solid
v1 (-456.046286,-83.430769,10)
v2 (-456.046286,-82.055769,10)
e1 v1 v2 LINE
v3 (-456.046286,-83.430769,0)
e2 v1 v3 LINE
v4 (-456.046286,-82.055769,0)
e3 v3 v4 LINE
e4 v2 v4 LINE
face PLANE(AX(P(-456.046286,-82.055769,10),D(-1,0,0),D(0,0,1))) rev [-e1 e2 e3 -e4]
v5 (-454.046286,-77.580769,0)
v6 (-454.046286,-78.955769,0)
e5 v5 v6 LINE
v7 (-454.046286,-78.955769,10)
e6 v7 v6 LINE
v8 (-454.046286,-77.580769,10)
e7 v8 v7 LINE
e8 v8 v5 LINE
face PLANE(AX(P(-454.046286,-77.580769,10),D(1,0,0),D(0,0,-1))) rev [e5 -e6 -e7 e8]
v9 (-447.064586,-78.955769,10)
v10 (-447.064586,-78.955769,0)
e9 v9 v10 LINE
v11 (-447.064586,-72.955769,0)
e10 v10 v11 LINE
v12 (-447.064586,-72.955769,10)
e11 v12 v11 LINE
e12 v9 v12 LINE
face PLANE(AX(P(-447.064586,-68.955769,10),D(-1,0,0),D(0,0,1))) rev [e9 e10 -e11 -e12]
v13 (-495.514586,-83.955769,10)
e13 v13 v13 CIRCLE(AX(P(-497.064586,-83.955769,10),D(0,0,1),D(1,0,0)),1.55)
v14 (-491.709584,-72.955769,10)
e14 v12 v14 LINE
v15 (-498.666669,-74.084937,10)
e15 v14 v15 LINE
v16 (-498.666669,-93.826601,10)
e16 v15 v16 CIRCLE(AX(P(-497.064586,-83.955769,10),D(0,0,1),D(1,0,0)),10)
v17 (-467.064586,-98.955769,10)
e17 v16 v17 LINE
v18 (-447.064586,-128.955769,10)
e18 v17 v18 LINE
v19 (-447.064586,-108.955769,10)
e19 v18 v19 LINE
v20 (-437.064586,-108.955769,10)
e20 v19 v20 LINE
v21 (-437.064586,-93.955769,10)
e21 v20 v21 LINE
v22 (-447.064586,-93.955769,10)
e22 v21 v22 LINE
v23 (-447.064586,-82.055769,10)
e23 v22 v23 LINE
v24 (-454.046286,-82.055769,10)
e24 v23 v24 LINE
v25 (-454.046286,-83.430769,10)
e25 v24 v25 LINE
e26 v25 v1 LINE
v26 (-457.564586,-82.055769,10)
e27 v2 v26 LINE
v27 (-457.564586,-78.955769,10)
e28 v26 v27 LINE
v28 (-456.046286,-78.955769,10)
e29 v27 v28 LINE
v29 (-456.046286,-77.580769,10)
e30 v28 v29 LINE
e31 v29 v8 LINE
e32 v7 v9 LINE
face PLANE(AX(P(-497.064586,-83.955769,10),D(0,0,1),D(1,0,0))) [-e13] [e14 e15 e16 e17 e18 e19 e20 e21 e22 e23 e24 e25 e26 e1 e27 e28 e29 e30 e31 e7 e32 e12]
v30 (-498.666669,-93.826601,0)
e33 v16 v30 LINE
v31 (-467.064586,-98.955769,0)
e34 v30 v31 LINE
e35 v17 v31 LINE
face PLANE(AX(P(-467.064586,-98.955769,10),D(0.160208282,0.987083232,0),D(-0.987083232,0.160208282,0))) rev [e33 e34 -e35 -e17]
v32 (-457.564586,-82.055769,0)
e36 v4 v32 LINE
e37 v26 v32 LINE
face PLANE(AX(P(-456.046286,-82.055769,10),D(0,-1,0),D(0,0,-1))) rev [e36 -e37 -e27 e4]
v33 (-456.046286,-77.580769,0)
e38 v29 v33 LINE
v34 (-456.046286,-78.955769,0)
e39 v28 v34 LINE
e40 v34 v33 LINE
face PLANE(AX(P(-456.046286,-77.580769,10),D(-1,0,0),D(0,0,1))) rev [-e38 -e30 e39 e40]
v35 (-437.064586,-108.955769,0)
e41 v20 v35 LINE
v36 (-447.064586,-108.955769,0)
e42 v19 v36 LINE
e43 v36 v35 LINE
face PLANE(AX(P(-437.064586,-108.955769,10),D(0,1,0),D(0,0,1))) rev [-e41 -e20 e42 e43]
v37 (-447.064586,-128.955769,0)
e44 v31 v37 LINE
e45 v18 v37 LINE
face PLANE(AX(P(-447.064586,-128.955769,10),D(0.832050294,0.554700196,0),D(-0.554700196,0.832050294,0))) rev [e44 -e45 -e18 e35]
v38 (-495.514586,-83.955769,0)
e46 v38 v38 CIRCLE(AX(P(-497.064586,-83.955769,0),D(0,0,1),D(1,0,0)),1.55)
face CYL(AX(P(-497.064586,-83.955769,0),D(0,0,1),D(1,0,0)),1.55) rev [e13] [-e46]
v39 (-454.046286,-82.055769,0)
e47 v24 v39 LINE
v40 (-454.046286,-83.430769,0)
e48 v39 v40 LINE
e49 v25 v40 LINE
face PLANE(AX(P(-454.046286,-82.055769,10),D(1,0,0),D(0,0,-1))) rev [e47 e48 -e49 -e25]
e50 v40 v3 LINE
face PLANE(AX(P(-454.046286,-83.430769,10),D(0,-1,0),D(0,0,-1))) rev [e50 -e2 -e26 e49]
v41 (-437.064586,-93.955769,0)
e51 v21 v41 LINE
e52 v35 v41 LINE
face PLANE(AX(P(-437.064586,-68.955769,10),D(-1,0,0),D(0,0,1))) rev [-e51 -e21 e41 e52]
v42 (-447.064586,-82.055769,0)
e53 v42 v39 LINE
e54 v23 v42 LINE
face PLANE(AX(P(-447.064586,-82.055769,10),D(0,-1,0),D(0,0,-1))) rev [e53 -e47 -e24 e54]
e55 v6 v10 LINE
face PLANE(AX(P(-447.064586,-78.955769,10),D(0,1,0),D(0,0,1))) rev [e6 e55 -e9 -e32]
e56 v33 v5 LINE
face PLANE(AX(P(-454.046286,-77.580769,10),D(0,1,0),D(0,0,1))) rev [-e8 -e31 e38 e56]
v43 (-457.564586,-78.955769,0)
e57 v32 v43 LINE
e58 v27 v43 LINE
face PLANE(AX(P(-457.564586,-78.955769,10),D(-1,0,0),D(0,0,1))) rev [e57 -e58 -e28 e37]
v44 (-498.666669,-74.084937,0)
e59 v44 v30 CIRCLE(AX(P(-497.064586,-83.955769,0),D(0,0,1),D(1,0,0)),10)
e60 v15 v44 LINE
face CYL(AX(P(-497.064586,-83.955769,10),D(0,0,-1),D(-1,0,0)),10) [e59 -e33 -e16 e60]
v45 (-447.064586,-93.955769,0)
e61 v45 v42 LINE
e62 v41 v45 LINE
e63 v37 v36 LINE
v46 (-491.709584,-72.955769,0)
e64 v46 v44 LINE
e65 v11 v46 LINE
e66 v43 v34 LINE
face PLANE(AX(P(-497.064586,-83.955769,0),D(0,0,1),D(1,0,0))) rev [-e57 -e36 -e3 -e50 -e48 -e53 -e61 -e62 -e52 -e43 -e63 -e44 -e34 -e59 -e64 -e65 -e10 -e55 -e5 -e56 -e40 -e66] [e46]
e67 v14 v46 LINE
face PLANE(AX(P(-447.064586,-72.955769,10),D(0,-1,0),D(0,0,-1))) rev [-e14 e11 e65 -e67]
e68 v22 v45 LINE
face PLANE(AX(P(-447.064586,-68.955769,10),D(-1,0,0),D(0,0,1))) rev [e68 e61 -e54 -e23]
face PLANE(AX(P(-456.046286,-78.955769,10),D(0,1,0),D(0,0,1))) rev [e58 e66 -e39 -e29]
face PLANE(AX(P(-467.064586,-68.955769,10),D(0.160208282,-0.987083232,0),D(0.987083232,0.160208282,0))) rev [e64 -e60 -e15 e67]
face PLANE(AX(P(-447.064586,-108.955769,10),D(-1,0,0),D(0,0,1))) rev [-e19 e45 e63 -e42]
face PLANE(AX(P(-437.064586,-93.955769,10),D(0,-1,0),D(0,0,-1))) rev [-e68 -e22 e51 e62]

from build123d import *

# Parameters (mm, degrees)
DODANIE_WYCI_GNI_CIE1_DEPTH = 10
SZKIC2_R                    = 1.55
WYTNIJ_WYCI_GNI_CIE1_DEPTH  = 10
SZKIC3_W                    = 10
SZKIC3_H                    = 20
SZKIC3_H_2                  = 25
WYTNIJ_WYCI_GNI_CIE2_DEPTH  = 10
WYTNIJ_WYCI_GNI_CIE3_DEPTH  = 10
SZKIC5_W                    = 44.64499878
SZKIC5_H                    = 4
WYTNIJ_WYCI_GNI_CIE4_DEPTH  = 10


with BuildPart() as part:
    # Szkic1 → Dodanie-wyciągnięcie1 (new body)
    with BuildSketch(Plane.XY):
        with BuildLine():
            Line((-437.064585695, -68.955768861), (-437.064585695, -98.955768861))
            Line((-437.064585695, -98.955768861), (-437.064585695, -128.955768861))
            Line((-437.064585695, -128.955768861), (-447.064585695, -128.955768861))
            Line((-447.064585695, -128.955768861), (-467.064585695, -98.955768861))
            Line((-467.064585695, -98.955768861), (-498.66666852, -93.826601178))
            ThreePointArc((-498.66666852, -93.826601178), (-507.064585695, -83.955768861), (-498.66666852, -74.084936545))
            Line((-498.66666852, -74.084936545), (-467.064585695, -68.955768861))
            Line((-467.064585695, -68.955768861), (-437.064585695, -68.955768861))
        make_face()
    extrude(amount=DODANIE_WYCI_GNI_CIE1_DEPTH)

    # Szkic2 → Wytnij-wyciągnięcie1 (cut)
    with BuildSketch(Plane.XY.offset(10)):
        with Locations((-497.064585695, -83.955768861)):
            Circle(SZKIC2_R)
    extrude(amount=-WYTNIJ_WYCI_GNI_CIE1_DEPTH, mode=Mode.SUBTRACT)

    # Szkic3 → Wytnij-wyciągnięcie2 (cut)
    with BuildSketch(Plane(origin=(0, 0, 0), x_dir=(-1, 0, 0), z_dir=(0, 0, -1))):
        with Locations((442.064585695, -118.955768861)):
            Rectangle(SZKIC3_W, SZKIC3_H)
        with Locations((442.064585695, -81.455768861)):
            Rectangle(SZKIC3_W, SZKIC3_H_2)
    extrude(amount=-WYTNIJ_WYCI_GNI_CIE2_DEPTH, mode=Mode.SUBTRACT)

    # Szkic4 → Wytnij-wyciągnięcie3 (cut)
    with BuildSketch(Plane(origin=(0, 0, 0), x_dir=(-1, 0, 0), z_dir=(0, 0, -1))):
        Polygon((447.064585695, -78.955768861), (447.064585695, -82.055768861), (454.046285695, -82.055768861), (454.046285695, -83.430768861), (456.046285695, -83.430768861), (456.046285695, -82.055768861), (457.564585695, -82.055768861), (457.564585695, -78.955768861), (456.046285695, -78.955768861), (456.046285695, -77.580768861), (454.046285695, -77.580768861), (454.046285695, -78.955768861), align=None)
    extrude(amount=-WYTNIJ_WYCI_GNI_CIE3_DEPTH, mode=Mode.SUBTRACT)

    # Szkic5 → Wytnij-wyciągnięcie4 (cut)
    with BuildSketch(Plane(origin=(0, 0, 0), x_dir=(-1, 0, 0), z_dir=(0, 0, -1))):
        with Locations((469.387085085, -70.955768861)):
            Rectangle(SZKIC5_W, SZKIC5_H)
    extrude(amount=-WYTNIJ_WYCI_GNI_CIE4_DEPTH, mode=Mode.SUBTRACT)


solid = part.part
